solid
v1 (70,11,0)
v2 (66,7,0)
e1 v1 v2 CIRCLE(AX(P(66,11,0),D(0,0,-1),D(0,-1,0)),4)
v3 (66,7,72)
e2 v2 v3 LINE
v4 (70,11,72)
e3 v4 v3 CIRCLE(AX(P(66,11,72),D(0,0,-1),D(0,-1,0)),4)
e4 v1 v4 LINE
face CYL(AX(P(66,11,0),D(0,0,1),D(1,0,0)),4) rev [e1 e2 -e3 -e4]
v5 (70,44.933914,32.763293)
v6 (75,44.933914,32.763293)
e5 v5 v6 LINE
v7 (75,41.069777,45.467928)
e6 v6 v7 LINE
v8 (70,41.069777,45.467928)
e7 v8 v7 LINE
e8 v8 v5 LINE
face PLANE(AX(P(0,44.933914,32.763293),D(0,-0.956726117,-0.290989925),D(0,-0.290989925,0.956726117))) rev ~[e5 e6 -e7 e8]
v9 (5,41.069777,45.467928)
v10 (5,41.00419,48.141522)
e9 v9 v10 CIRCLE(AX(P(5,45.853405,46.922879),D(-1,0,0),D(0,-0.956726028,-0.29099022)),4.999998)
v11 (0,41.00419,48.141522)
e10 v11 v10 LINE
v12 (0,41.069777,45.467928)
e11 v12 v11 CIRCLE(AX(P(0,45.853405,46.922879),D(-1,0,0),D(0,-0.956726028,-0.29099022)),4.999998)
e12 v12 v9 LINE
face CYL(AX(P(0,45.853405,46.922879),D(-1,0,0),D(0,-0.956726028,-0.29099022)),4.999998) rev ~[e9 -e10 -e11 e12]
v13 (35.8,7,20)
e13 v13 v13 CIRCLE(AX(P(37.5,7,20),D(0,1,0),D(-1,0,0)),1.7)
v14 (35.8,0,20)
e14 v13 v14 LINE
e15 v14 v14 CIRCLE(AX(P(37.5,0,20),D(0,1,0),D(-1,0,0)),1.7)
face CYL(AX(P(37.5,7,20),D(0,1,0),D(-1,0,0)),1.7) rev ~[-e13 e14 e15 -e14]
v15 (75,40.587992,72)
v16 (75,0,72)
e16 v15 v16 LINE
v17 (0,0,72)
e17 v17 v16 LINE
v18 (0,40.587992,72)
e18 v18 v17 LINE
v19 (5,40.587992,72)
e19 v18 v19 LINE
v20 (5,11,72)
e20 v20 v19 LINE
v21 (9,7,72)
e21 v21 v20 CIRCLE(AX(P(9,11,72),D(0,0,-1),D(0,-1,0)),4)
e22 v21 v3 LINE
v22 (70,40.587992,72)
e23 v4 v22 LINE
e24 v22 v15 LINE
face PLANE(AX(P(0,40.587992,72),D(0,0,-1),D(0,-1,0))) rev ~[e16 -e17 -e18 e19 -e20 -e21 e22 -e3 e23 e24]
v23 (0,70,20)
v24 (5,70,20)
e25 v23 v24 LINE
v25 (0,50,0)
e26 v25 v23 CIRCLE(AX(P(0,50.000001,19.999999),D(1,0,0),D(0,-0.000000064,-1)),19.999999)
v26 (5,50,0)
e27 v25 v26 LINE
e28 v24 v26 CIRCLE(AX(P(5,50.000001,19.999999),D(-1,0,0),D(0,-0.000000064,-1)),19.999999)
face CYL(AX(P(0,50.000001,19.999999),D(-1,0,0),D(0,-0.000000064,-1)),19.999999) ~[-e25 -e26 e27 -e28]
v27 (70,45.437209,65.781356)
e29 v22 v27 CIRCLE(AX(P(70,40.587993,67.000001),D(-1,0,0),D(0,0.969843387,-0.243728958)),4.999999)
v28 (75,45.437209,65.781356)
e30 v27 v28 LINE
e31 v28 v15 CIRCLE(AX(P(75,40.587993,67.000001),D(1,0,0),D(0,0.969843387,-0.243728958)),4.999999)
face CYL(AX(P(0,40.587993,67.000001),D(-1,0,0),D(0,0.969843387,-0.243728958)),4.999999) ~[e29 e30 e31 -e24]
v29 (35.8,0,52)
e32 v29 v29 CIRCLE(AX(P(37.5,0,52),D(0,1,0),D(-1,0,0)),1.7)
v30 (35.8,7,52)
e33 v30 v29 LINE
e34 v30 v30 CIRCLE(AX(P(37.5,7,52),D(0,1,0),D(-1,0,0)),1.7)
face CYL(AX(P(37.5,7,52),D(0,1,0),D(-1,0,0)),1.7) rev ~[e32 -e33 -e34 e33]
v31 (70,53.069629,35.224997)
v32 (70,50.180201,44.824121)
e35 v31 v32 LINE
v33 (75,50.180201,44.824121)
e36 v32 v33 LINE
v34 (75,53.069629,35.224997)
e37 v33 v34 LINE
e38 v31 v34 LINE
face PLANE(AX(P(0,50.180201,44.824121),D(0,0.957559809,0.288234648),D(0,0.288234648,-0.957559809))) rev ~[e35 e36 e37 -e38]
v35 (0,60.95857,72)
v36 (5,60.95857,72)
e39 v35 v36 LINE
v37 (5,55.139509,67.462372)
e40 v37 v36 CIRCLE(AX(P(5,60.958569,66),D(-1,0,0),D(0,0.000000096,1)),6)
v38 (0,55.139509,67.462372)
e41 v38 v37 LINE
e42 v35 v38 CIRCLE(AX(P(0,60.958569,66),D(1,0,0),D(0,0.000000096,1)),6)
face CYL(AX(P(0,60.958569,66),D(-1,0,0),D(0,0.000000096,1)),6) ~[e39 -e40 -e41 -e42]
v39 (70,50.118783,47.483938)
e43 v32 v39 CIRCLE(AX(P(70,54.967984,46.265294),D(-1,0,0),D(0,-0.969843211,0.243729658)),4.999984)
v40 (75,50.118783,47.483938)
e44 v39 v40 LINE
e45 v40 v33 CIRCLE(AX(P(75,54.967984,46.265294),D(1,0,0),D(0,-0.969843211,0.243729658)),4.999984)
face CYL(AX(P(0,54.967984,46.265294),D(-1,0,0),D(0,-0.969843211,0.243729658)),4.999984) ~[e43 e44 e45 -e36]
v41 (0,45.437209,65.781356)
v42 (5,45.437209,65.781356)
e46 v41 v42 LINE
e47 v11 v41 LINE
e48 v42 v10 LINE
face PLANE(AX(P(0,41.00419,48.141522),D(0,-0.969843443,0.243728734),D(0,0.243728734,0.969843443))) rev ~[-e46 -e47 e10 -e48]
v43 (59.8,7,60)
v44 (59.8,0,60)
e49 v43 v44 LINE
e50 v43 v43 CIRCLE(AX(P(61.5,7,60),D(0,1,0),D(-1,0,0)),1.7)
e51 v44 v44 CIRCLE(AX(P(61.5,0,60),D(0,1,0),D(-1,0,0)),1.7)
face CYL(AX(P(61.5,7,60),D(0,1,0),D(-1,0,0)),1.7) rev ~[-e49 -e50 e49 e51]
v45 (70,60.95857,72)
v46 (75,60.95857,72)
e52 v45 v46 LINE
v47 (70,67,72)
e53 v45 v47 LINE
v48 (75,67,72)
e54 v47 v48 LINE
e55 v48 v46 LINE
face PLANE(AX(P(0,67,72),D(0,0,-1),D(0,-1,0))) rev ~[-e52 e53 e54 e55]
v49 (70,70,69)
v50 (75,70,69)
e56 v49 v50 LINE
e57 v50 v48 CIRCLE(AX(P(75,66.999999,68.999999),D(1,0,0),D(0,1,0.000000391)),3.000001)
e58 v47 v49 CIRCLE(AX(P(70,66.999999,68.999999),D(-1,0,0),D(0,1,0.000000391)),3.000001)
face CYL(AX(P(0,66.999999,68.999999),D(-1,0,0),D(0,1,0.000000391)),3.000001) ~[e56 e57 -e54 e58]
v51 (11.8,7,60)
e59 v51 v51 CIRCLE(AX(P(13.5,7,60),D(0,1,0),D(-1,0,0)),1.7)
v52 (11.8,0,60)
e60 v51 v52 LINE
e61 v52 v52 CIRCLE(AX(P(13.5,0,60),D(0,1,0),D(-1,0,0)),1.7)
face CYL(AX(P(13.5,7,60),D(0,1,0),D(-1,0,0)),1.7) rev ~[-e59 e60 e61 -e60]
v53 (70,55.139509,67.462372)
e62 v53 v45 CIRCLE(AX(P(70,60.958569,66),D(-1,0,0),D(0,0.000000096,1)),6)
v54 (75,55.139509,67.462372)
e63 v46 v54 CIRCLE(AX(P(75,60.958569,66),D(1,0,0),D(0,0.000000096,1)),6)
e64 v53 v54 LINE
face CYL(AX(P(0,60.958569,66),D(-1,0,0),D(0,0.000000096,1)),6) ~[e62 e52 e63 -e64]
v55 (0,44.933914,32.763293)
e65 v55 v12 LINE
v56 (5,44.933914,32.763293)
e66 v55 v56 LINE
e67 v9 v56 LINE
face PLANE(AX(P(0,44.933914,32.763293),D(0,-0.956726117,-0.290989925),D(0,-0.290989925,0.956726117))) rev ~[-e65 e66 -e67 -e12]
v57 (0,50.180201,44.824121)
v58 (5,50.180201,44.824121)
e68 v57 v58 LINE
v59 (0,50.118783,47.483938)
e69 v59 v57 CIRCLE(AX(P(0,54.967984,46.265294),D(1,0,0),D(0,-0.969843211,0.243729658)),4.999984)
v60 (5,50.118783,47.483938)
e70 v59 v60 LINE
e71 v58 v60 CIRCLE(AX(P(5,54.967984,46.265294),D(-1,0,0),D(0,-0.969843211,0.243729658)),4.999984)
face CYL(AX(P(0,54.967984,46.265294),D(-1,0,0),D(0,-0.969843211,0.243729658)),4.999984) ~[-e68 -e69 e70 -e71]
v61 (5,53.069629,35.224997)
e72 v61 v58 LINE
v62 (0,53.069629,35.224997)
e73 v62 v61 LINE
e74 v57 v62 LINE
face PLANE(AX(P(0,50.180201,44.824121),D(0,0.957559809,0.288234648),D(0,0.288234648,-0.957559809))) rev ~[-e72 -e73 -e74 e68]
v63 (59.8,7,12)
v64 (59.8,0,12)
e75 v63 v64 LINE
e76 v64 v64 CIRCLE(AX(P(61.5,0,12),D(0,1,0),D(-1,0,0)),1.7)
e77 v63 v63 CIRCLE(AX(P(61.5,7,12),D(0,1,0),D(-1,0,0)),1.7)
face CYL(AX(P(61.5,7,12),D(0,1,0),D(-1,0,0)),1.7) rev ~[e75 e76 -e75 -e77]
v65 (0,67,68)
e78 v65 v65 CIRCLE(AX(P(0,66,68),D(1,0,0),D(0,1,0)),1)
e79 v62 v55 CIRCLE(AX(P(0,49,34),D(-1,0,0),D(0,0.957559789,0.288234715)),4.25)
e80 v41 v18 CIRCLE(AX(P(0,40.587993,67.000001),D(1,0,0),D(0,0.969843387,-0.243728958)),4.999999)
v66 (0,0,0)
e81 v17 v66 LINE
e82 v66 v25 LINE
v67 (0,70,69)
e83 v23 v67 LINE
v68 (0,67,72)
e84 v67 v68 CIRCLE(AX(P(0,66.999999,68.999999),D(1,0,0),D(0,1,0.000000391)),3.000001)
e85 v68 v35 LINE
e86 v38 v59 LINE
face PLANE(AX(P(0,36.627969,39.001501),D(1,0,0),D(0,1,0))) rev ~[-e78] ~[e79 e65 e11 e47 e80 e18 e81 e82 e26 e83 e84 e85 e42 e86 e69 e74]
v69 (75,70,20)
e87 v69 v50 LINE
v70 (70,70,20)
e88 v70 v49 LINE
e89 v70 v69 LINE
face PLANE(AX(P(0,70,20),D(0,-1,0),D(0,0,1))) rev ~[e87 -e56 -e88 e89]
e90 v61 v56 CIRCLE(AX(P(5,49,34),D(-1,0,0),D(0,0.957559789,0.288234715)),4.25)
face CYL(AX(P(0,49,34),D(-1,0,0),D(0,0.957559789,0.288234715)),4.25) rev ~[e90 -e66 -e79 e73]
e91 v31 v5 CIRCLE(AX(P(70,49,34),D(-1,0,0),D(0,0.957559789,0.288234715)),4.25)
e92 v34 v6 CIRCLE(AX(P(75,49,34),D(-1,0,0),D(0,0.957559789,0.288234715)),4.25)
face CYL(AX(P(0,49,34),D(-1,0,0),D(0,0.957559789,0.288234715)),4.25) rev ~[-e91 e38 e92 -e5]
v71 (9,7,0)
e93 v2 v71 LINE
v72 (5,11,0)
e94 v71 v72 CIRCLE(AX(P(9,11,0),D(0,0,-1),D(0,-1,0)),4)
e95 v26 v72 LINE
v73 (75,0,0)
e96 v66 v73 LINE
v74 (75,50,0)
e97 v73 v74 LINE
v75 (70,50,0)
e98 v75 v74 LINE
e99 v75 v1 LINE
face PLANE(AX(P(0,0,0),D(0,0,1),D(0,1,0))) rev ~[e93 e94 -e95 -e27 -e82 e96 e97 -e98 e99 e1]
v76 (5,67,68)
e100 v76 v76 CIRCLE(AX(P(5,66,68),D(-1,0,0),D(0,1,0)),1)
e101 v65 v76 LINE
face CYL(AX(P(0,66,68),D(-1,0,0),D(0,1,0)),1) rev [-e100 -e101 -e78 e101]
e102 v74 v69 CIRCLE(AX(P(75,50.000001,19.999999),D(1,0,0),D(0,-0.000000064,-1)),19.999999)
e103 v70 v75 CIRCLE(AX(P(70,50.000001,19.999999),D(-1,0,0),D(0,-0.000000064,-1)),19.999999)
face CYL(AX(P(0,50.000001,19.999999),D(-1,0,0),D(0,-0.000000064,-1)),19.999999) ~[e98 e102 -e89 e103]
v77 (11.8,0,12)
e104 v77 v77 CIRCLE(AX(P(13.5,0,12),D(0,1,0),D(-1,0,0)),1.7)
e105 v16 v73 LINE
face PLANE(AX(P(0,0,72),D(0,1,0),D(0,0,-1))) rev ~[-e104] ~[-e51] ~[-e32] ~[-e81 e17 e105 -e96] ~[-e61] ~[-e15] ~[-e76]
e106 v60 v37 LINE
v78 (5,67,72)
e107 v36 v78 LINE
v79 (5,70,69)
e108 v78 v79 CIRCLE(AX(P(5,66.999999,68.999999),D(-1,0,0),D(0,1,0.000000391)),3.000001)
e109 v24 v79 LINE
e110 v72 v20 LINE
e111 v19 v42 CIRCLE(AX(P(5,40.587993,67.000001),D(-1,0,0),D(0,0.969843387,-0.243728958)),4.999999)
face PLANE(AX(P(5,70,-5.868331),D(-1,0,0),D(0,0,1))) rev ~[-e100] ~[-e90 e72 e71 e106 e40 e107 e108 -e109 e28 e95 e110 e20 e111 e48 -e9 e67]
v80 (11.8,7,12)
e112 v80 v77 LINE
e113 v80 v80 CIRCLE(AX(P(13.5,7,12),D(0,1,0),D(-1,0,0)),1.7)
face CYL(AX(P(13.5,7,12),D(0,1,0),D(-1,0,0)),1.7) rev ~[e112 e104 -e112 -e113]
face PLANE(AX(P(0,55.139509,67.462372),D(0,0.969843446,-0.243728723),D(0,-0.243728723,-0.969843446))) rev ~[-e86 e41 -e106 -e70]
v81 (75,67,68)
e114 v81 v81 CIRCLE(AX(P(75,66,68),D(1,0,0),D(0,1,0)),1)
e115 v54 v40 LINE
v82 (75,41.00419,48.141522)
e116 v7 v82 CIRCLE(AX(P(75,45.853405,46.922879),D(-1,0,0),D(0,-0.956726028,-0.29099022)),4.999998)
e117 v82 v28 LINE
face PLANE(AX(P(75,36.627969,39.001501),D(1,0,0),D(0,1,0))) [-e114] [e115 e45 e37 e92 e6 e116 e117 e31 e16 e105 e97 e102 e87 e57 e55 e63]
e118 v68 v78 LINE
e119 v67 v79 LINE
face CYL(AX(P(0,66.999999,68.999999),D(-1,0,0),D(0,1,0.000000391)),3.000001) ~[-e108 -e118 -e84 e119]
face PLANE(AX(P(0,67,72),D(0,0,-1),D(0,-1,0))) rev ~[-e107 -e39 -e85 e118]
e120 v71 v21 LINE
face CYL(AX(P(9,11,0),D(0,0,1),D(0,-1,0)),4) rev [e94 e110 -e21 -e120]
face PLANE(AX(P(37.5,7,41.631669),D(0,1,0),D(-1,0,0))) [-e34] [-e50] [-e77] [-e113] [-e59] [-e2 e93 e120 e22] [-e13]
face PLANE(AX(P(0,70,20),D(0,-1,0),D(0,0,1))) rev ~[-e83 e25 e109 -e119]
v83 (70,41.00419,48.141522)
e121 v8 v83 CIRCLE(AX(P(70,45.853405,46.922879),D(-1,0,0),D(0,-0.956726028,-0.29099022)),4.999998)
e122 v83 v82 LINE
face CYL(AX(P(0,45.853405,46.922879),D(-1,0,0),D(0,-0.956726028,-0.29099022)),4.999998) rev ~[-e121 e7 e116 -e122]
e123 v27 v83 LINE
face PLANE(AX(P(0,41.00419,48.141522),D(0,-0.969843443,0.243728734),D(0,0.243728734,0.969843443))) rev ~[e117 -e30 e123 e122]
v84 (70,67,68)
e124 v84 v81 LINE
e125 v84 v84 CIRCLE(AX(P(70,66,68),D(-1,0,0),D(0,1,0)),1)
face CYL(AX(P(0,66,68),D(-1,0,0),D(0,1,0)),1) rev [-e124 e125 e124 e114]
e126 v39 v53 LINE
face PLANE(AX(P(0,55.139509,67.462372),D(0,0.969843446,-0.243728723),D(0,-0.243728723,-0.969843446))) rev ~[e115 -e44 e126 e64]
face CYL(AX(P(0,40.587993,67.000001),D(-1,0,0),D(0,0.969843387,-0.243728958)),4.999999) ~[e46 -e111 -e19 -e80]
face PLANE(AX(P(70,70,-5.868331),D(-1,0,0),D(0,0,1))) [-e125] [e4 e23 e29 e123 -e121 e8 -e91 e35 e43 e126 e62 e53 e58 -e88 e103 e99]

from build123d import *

# Parameters (mm, degrees)
F0_R     = 1
F1_DEPTH = 75
F2_W     = 65
F2_H     = 95
F3_DEPTH = 63
F4_R     = 1.7
F5_DEPTH = 7.001
F6_R     = 4


with BuildPart() as f1:
    # F0 (on Right) → F1 (new body)
    with BuildSketch(Plane.YZ):
        with BuildLine():
            Line((0, 72), (0, 0))
            Line((0, 0), (50, 0))
            ThreePointArc((50, 0), (64.142136, 5.857864), (70, 20))
            Line((70, 20), (70, 69))
            ThreePointArc((70, 69), (69.12132, 71.12132), (67, 72))
            Line((67, 72), (60.95857, 72))
            ThreePointArc((60.95857, 72), (57.269006, 70.731503), (55.139509, 67.462372))
            Line((55.139509, 67.462372), (50.118783, 47.483938))
            ThreePointArc((50.118783, 47.483938), (49.969332, 46.149869), (50.180201, 44.824121))
            Line((50.180201, 44.824121), (53.069629, 35.224997))
            ThreePointArc((53.069629, 35.224997), (50.230854, 29.932138), (44.933914, 32.763293))
            Line((44.933914, 32.763293), (41.069777, 45.467928))
            ThreePointArc((41.069777, 45.467928), (40.854911, 46.800259), (41.00419, 48.141522))
            Line((41.00419, 48.141522), (45.437209, 65.781356))
            ThreePointArc((45.437209, 65.781356), (44.530911, 70.074637), (40.587992, 72))
            Line((40.587992, 72), (0, 72))
        make_face()
        with Locations((66, 68)):
            Circle(F0_R, mode=Mode.SUBTRACT)
    extrude(amount=F1_DEPTH)

    # F2 (on face) → F3 (cut)
    with BuildSketch(Plane(origin=(0, 70, 0), x_dir=(-1, 0, 0), z_dir=(0, 1, 0))):
        with Locations((-37.5, 41.631669)):
            Rectangle(F2_W, F2_H)
    extrude(amount=-F3_DEPTH, mode=Mode.SUBTRACT)

    # F4 (on face) → F5 (cut, through all)
    with BuildSketch(Plane(origin=(0, 7, 0), x_dir=(-1, 0, 0), z_dir=(0, 1, 0))):
        with Locations((-61.5, 60)):
            Circle(F4_R)
        with Locations((-61.5, 12)):
            Circle(F4_R)
        with Locations((-13.5, 12)):
            Circle(F4_R)
        with Locations((-13.5, 60)):
            Circle(F4_R)
        with Locations((-37.5, 52)):
            Circle(F4_R)
        with Locations((-37.5, 20)):
            Circle(F4_R)
    extrude(amount=-F5_DEPTH, mode=Mode.SUBTRACT)

    # F6
    f6_edges = [f1.edges().sort_by_distance(p)[0] for p in [
        (70, 7, 36),
        (5, 7, 36),
    ]]
    fillet(f6_edges, radius=F6_R)


solid = f1.part
